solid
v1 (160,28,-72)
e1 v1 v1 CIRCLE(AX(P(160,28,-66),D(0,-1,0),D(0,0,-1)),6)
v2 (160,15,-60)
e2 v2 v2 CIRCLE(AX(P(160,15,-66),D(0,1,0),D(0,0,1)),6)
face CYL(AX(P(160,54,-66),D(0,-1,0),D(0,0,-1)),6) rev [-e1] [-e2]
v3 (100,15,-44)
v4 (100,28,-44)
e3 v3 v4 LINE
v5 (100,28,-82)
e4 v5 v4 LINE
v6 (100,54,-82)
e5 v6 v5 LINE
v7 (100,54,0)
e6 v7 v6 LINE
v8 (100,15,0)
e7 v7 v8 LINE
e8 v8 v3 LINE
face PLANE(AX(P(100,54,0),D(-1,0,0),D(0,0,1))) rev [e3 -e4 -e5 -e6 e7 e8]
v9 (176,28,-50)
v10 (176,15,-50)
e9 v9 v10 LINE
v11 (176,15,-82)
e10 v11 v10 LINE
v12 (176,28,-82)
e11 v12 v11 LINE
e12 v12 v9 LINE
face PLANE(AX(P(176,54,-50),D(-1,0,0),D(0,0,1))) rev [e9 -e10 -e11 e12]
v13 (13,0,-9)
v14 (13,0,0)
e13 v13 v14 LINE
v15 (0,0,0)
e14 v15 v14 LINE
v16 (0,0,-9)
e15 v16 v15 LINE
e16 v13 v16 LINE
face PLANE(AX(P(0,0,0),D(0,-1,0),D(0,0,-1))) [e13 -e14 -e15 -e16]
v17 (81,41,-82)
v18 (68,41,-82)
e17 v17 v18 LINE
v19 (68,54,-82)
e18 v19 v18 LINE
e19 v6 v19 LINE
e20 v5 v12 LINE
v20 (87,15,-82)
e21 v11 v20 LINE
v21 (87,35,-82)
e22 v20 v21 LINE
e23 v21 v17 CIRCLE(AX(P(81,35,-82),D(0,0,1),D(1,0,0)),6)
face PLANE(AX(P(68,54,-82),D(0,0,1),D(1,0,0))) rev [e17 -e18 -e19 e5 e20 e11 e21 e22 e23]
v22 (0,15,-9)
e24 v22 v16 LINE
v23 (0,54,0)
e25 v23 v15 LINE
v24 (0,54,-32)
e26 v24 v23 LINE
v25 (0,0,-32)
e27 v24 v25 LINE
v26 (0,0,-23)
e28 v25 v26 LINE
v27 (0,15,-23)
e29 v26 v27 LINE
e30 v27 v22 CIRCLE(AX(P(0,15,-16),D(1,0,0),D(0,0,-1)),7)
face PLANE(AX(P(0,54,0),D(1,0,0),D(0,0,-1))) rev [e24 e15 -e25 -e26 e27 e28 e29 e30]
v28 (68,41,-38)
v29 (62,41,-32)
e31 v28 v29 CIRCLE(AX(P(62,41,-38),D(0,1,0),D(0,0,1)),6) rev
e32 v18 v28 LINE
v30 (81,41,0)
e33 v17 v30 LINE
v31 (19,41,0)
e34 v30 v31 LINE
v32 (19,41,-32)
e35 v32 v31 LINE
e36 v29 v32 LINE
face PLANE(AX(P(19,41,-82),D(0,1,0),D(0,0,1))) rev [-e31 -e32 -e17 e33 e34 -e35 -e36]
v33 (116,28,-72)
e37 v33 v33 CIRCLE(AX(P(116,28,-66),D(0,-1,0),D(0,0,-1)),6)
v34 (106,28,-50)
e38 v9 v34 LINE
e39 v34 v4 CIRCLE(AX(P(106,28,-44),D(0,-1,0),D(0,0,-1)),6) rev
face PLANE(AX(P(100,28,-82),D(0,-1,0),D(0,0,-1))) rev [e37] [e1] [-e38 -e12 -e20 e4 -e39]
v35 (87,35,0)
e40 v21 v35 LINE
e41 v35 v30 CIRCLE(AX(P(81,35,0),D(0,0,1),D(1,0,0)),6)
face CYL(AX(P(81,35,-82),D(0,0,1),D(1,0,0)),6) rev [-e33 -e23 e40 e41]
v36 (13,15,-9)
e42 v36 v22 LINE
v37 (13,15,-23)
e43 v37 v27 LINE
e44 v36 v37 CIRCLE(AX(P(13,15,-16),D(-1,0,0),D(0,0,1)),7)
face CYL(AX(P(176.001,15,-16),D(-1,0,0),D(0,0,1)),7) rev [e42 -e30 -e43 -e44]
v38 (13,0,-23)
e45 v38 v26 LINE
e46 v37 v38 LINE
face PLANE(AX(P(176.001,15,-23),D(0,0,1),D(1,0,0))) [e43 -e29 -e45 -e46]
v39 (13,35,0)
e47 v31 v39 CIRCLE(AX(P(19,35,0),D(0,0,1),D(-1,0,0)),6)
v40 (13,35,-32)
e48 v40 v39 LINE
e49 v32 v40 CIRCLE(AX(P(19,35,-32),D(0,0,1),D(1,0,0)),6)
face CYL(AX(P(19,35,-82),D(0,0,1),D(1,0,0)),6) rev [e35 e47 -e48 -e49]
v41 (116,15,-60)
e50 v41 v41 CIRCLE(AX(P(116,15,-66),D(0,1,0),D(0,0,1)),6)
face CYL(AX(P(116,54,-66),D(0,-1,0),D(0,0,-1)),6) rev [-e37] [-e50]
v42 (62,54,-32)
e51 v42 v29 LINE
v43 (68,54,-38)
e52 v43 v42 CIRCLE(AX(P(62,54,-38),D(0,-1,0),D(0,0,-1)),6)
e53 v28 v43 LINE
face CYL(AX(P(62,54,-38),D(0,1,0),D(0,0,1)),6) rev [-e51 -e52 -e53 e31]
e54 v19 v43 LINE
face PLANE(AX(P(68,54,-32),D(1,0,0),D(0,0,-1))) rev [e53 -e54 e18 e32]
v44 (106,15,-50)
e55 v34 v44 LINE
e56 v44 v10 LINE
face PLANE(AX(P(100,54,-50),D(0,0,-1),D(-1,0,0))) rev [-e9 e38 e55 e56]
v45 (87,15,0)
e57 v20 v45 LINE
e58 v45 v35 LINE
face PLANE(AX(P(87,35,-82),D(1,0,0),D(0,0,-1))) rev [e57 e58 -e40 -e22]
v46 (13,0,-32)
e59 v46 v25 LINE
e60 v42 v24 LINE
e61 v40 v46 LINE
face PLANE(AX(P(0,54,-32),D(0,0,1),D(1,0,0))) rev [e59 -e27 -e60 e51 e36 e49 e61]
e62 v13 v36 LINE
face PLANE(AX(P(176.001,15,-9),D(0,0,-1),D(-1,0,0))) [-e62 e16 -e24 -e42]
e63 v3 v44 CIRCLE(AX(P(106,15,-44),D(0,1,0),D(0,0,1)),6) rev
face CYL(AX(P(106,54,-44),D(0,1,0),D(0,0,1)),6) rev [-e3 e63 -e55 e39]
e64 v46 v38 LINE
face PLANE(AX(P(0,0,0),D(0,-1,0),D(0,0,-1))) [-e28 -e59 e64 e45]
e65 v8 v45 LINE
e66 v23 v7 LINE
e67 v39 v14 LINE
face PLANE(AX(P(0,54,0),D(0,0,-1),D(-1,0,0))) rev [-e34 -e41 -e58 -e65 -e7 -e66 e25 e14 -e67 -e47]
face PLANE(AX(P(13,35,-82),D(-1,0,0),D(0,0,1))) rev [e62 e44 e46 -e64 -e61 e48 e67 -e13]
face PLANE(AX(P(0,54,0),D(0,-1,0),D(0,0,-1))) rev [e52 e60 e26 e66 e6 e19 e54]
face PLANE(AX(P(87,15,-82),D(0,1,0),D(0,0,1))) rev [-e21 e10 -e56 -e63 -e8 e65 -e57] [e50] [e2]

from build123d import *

# Parameters (mm, degrees)
SKETCH_1_R          = 6
EXTRUDE_1_DEPTH     = 54
FILLET_1_R          = 6
SKETCH_2_W          = 76
SKETCH_2_H          = 26
CUT_EXTRUDE_1_DEPTH = 83
CUT_EXTRUDE_2_REACH = 178


with BuildPart() as part:
    # 스케치1 → 보스-돌출1 (new body)
    with BuildSketch(Plane(origin=(0, 0, 0), x_dir=(1, 0, 0), z_dir=(0, 1, 0))):
        Polygon((0, 32), (68, 32), (68, 82), (176, 82), (176, 50), (100, 50), (100, 0), (0, 0), align=None)
        with Locations(Location((116, 66, 0), (0, 0, 270))):  # turned: the seam where the file's is
            Circle(SKETCH_1_R, mode=Mode.SUBTRACT)
        with Locations(Location((160, 66, 0), (0, 0, 270))):  # turned: the seam where the file's is
            Circle(SKETCH_1_R, mode=Mode.SUBTRACT)
    extrude(amount=EXTRUDE_1_DEPTH)

    # 필렛1
    fillet_1_edges = [part.edges().sort_by_distance(p)[0] for p in [
        (68, 27, -32),
        (100, 27, -50),
    ]]
    fillet(fillet_1_edges, radius=FILLET_1_R)

    # 스케치2 → 컷-돌출1 (cut, through all)
    with BuildSketch(Plane.XY):
        with BuildLine():
            Line((87, 35), (87, 15))
            Line((87, 15), (176, 15))
            Line((176, 15), (176, 0))
            Line((176, 0), (13, 0))
            Line((13, 0), (13, 35))
            ThreePointArc((13, 35), (14.757359313, 39.242640687), (19, 41))
            Line((19, 41), (81, 41))
            ThreePointArc((81, 41), (85.242640687, 39.242640687), (87, 35))
        make_face()
        with Locations((138, 41)):
            Rectangle(SKETCH_2_W, SKETCH_2_H)
    extrude(amount=-CUT_EXTRUDE_1_DEPTH, mode=Mode.SUBTRACT)

    # 스케치3 → 컷-돌출2 (cut, up to next)
    with BuildSketch(Plane(origin=(0, 0, 0), x_dir=(0, 0, -1), z_dir=(1, 0, 0)), mode=Mode.PRIVATE) as cut_extrude_2_sk1:
        with BuildLine():
            Line((23, 15), (23, 0))
            Line((23, 0), (9, 0))
            Line((9, 0), (9, 15))
            ThreePointArc((9, 15), (16, 22), (23, 15))
        make_face()
    cut_extrude_2_tool1 = extrude(cut_extrude_2_sk1.sketch, amount=CUT_EXTRUDE_2_REACH, mode=Mode.PRIVATE) & part.part
    add(cut_extrude_2_tool1.solids().sort_by_distance((0, 10.308437, -16))[0], mode=Mode.SUBTRACT)


solid = part.part
